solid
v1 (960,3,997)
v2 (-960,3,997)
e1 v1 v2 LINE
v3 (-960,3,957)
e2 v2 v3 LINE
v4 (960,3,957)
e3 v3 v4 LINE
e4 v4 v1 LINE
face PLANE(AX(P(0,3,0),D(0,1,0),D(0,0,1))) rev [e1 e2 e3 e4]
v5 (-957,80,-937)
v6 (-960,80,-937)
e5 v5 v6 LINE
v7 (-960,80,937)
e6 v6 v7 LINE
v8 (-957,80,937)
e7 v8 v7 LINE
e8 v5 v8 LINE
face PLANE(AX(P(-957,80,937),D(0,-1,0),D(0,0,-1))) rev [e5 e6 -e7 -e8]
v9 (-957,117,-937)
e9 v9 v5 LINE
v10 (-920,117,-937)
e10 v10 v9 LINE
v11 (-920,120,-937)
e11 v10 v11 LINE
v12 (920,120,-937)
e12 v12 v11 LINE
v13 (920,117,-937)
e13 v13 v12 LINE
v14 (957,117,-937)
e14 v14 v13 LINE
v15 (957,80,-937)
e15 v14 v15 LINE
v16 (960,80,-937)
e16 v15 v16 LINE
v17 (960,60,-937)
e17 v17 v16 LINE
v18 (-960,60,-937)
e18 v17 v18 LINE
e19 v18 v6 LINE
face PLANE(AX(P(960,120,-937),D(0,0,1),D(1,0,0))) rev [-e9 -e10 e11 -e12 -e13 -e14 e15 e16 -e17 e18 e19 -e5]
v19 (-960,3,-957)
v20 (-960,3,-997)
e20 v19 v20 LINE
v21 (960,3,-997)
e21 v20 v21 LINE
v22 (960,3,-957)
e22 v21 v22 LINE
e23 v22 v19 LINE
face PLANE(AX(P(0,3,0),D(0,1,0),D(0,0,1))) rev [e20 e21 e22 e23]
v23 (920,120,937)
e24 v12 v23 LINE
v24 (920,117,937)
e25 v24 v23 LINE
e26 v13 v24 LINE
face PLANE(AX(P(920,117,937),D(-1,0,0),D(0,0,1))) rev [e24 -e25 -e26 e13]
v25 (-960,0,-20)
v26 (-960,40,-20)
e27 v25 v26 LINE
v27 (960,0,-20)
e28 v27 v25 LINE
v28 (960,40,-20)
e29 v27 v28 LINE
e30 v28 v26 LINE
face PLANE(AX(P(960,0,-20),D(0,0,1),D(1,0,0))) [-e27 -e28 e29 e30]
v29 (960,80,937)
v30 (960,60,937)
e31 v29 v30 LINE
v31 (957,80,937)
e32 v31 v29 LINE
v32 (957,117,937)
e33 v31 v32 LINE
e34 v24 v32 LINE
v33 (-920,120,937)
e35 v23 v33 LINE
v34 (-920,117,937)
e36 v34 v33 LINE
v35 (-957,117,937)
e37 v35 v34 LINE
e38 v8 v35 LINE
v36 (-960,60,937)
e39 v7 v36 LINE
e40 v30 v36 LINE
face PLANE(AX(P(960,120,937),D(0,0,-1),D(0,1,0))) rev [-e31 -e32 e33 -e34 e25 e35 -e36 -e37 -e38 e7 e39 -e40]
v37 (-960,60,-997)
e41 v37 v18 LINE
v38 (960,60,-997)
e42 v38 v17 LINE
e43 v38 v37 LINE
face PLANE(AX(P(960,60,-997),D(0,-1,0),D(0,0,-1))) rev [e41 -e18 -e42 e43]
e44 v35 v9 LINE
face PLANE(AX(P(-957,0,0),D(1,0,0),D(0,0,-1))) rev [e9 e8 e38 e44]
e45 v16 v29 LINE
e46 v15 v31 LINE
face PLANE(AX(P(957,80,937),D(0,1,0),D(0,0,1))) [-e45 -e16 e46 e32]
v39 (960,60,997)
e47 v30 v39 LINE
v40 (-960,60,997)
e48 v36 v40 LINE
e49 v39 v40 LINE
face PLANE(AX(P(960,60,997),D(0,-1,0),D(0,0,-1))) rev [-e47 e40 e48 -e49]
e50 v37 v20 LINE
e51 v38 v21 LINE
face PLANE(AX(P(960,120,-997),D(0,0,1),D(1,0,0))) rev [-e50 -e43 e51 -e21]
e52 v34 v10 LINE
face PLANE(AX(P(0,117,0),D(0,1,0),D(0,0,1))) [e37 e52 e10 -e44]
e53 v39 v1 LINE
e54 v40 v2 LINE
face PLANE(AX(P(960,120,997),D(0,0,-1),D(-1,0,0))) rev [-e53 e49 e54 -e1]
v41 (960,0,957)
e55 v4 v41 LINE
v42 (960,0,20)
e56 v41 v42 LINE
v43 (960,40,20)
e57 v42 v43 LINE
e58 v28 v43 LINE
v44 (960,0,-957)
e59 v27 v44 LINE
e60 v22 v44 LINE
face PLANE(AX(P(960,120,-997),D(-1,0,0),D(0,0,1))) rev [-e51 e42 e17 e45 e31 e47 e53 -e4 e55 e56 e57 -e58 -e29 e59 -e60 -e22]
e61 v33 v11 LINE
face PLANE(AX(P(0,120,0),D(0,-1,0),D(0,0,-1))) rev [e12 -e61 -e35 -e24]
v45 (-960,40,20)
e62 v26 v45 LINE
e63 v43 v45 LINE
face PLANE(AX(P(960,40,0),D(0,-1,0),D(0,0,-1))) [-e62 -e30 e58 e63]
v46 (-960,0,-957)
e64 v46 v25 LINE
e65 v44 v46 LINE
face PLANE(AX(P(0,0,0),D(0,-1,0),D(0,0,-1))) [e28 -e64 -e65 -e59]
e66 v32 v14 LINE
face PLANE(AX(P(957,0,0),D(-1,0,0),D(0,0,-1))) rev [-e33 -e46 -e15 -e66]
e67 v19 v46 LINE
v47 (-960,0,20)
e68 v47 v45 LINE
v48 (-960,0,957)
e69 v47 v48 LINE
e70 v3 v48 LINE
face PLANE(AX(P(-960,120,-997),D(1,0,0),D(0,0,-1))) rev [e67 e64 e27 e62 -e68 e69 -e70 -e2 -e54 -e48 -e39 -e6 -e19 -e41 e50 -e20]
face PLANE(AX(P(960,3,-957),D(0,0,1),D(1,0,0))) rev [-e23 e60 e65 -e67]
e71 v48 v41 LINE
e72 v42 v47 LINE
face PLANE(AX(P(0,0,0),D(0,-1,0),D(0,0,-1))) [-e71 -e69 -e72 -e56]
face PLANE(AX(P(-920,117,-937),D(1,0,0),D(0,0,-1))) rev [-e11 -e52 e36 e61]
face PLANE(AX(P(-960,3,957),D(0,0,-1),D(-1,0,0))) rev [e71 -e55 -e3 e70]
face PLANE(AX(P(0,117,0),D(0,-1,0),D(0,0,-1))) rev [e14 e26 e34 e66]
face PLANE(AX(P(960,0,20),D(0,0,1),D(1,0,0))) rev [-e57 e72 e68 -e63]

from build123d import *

# Parameters (mm, degrees)
SKETCH1_W           = 1920
SKETCH1_H           = 1994
BOSS_EXTRUDE1_DEPTH = 120
SKETCH2_W           = 60
SKETCH2_H           = 60
CUT_EXTRUDE1_DEPTH  = 2167.750793239
SKETCH3_W           = 40
SKETCH3_H           = 40
CUT_EXTRUDE2_DEPTH  = 2167.750793239
SKETCH4_W           = 1920
SKETCH4_H           = 40
CUT_EXTRUDE3_DEPTH  = 3
SKETCH5_W           = 40
SKETCH5_H           = 1874
CUT_EXTRUDE4_DEPTH  = 3
SKETCH6_W           = 1874
SKETCH6_H           = 40
CUT_EXTRUDE5_DEPTH  = 3


with BuildPart() as part:
    # Sketch1 → Boss-Extrude1 (new body)
    with BuildSketch(Plane(origin=(0, 0, 0), x_dir=(1, 0, 0), z_dir=(0, 1, 0))):
        Rectangle(SKETCH1_W, SKETCH1_H)
    extrude(amount=BOSS_EXTRUDE1_DEPTH)

    # Sketch2 → Cut-Extrude1 (cut, through all)
    with BuildSketch(Plane.ZY.offset(960)):
        with Locations((-967, 90)):
            Rectangle(SKETCH2_W, SKETCH2_H)
        with Locations((967, 90)):
            Rectangle(SKETCH2_W, SKETCH2_H)
    extrude(amount=-CUT_EXTRUDE1_DEPTH, mode=Mode.SUBTRACT)

    # Sketch3 → Cut-Extrude2 (cut, through all)
    with BuildSketch(Plane.ZY.offset(960)):
        with Locations((0, 20)):
            Rectangle(SKETCH3_W, SKETCH3_H)
    extrude(amount=-CUT_EXTRUDE2_DEPTH, mode=Mode.SUBTRACT)

    # Sketch4 → Cut-Extrude3 (cut)
    with BuildSketch(Plane(origin=(0, 0, 0), x_dir=(-1, 0, 0), z_dir=(0, -1, 0))):
        with Locations((0, 977)):
            Rectangle(SKETCH4_W, SKETCH4_H)
        with Locations((0, -977)):
            Rectangle(SKETCH4_W, SKETCH4_H)
    extrude(amount=-CUT_EXTRUDE3_DEPTH, mode=Mode.SUBTRACT)

    # Sketch5 → Cut-Extrude4 (cut)
    with BuildSketch(Plane(origin=(0, 120, 0), x_dir=(1, 0, 0), z_dir=(0, 1, 0))):
        with Locations((-940, 0)):
            Rectangle(SKETCH5_W, SKETCH5_H)
        with Locations((940, 0)):
            Rectangle(SKETCH5_W, SKETCH5_H)
    extrude(amount=-CUT_EXTRUDE4_DEPTH, mode=Mode.SUBTRACT)

    # Sketch6 → Cut-Extrude5 (cut)
    with BuildSketch(Plane.ZY.offset(960)):
        with Locations((0, 100)):
            Rectangle(SKETCH6_W, SKETCH6_H)
    cut_extrude5 = extrude(amount=-CUT_EXTRUDE5_DEPTH, mode=Mode.SUBTRACT)

    # Mirror1: Cut-Extrude5 across plane
    add(cut_extrude5.mirror(Plane(origin=(0, 0, 0), x_dir=(0, 0, 1), z_dir=(1, 0, 0))), mode=Mode.SUBTRACT)


solid = part.part
